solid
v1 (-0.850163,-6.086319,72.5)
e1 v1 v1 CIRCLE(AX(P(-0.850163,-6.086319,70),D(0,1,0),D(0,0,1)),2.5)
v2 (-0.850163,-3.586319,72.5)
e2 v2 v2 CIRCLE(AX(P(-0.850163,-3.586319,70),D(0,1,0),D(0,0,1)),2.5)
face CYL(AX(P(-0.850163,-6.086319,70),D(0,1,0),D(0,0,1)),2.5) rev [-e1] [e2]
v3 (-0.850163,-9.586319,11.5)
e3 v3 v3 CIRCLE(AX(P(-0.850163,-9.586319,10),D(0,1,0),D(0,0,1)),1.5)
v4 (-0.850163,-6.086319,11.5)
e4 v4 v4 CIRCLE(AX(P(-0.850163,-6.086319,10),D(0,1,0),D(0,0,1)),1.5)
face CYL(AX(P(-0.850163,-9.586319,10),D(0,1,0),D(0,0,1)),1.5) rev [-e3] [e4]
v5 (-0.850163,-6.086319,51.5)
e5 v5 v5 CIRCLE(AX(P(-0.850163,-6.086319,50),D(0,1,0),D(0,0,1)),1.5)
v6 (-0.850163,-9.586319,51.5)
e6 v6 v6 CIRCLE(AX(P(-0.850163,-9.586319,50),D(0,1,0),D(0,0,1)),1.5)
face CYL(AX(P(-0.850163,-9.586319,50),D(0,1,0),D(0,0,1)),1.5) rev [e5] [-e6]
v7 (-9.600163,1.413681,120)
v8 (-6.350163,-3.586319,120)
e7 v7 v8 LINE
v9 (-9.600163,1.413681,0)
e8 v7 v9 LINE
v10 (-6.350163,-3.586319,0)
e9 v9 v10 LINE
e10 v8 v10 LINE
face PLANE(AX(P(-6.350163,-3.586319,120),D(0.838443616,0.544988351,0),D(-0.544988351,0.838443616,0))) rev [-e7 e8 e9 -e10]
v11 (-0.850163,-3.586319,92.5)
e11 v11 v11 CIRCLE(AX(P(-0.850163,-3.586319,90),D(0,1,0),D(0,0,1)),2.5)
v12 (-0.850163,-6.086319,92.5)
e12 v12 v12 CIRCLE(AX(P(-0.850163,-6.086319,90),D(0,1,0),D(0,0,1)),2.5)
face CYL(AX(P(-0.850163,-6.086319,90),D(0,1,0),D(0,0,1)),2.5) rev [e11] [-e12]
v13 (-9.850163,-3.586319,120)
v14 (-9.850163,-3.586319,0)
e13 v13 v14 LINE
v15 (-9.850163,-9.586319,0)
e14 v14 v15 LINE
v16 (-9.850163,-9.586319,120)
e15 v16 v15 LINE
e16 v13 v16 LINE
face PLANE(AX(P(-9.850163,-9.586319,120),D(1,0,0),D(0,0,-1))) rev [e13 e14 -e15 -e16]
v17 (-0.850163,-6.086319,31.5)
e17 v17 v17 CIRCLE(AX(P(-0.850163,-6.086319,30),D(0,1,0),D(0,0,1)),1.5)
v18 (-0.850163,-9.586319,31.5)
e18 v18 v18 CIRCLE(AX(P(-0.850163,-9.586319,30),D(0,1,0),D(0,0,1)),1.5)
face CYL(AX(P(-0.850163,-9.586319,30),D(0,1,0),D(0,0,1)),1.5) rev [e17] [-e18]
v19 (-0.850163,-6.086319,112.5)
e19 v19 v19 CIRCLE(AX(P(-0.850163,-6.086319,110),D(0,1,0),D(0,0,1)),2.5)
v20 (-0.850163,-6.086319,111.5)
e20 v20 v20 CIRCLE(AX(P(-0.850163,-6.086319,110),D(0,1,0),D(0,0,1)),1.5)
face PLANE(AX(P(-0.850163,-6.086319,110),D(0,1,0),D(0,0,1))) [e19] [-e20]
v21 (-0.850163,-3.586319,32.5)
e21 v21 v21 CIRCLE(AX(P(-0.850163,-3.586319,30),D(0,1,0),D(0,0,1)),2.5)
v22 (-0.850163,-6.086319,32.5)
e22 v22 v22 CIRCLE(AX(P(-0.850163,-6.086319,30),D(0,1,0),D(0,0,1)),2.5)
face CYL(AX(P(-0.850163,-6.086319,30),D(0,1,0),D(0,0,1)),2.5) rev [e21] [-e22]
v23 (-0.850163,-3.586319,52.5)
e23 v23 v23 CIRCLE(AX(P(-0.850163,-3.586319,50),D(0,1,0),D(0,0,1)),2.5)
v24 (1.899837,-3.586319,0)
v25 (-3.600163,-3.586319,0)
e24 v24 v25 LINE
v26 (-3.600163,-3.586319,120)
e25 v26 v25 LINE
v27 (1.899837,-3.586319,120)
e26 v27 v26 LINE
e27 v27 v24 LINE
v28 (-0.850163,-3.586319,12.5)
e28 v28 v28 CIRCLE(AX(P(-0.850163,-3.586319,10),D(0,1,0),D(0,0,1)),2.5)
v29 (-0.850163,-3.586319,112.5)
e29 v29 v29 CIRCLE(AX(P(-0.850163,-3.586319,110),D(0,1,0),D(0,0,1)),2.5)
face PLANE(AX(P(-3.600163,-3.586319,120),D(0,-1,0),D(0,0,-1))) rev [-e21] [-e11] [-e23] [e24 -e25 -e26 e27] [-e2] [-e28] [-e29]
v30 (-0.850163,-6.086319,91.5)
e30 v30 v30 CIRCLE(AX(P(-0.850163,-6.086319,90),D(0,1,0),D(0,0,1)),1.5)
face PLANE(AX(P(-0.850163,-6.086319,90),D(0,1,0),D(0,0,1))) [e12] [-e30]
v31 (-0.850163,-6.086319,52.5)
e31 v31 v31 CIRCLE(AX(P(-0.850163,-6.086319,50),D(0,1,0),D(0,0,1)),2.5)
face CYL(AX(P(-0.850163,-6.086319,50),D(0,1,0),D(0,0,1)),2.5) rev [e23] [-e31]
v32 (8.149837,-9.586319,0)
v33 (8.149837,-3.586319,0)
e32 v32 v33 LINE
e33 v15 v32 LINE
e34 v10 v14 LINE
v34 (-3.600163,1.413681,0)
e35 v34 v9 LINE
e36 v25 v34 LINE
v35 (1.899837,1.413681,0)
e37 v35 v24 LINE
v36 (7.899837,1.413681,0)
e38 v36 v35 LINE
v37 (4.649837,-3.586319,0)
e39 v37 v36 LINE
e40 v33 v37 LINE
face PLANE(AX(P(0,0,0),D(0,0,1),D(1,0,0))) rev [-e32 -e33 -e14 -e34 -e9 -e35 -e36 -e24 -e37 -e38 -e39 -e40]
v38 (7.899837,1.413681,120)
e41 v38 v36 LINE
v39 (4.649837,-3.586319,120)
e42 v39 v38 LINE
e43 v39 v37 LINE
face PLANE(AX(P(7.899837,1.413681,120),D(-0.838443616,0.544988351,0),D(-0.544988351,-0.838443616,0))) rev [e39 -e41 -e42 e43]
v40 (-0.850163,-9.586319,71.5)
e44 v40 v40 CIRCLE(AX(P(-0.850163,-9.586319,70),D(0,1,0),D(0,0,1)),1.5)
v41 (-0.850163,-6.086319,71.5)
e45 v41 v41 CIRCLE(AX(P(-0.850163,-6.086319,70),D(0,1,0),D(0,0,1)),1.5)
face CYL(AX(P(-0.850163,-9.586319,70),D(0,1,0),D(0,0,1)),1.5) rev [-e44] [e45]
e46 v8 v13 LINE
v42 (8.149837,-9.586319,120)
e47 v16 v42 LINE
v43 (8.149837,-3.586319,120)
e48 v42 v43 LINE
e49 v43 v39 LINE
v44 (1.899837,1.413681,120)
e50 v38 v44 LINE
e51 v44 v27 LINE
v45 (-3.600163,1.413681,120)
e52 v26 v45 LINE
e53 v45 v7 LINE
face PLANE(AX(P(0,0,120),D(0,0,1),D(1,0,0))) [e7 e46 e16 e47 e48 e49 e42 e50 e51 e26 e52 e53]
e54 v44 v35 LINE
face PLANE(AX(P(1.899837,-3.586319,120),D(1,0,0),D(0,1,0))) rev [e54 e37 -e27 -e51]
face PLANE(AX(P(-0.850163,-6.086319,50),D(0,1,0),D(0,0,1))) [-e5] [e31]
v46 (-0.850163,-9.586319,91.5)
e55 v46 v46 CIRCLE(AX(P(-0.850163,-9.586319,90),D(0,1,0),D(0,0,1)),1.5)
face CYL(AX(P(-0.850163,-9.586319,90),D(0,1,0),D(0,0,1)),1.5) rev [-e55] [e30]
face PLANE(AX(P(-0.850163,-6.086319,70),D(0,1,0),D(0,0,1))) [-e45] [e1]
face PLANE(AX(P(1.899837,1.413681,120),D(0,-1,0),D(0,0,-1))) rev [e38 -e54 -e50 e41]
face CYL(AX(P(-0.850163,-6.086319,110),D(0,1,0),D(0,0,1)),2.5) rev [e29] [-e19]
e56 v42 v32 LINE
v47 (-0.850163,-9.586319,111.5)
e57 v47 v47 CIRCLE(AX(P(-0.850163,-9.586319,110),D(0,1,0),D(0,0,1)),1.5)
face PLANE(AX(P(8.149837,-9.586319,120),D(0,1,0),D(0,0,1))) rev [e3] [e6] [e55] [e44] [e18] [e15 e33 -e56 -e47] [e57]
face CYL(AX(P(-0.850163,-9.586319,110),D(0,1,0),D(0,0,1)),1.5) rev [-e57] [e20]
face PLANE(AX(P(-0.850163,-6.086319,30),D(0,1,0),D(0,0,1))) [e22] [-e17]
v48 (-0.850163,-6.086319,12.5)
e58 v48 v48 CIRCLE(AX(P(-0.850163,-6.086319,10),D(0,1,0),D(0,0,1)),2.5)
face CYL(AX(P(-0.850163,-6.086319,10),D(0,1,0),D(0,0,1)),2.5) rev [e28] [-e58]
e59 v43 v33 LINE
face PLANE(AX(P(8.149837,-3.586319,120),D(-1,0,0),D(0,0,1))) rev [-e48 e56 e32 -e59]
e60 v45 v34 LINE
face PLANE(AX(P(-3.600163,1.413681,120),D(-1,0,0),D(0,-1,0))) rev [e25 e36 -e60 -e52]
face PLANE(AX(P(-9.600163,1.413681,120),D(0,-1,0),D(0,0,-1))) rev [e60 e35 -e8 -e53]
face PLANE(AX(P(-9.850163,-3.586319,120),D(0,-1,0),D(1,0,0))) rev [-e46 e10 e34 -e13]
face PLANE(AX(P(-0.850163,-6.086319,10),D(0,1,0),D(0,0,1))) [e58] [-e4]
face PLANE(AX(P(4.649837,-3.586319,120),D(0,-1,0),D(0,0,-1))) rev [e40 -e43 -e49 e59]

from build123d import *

# Parameters (mm, degrees)
BOSS_EXTRUDE1_DEPTH = 120
SKETCH2_R           = 2.5
CUT_EXTRUDE1_DEPTH  = 2.5
SKETCH3_R           = 1.5
CUT_EXTRUDE2_DEPTH  = 4.5


with BuildPart() as part:
    # Sketch1 → Boss-Extrude1 (new body)
    with BuildSketch(Plane.XY):
        Polygon((-9.600162866, 1.413680782), (-3.600162866, 1.413680782), (-3.600162866, -3.586319218), (1.899837134, -3.586319218), (1.899837134, 1.413680782), (7.899837134, 1.413680782), (4.649837134, -3.586319218), (8.149837134, -3.586319218), (8.149837134, -9.586319218), (-9.850162866, -9.586319218), (-9.850162866, -3.586319218), (-6.350162866, -3.586319218), align=None)
    extrude(amount=BOSS_EXTRUDE1_DEPTH)

    # Sketch2 → Cut-Extrude1 (cut)
    with BuildSketch(Plane(origin=(0, -3.586319218, 0), x_dir=(1, 0, 0), z_dir=(0, 1, 0))):
        with Locations((-0.850162866, -10)):
            Circle(SKETCH2_R)
        with Locations((-0.850162866, -30)):
            Circle(SKETCH2_R)
        with Locations((-0.850162866, -50)):
            Circle(SKETCH2_R)
        with Locations((-0.850162866, -70)):
            Circle(SKETCH2_R)
        with Locations((-0.850162866, -90)):
            Circle(SKETCH2_R)
        with Locations((-0.850162866, -110)):
            Circle(SKETCH2_R)
    extrude(amount=-CUT_EXTRUDE1_DEPTH, mode=Mode.SUBTRACT)

    # Sketch3 → Cut-Extrude2 (cut, through all)
    with BuildSketch(Plane(origin=(0, -6.086319218, 0), x_dir=(1, 0, 0), z_dir=(0, 1, 0))):
        with Locations((-0.850162866, -10)):
            Circle(SKETCH3_R)
        with Locations((-0.850162866, -30)):
            Circle(SKETCH3_R)
        with Locations((-0.850162866, -50)):
            Circle(SKETCH3_R)
        with Locations((-0.850162866, -70)):
            Circle(SKETCH3_R)
        with Locations((-0.850162866, -90)):
            Circle(SKETCH3_R)
        with Locations((-0.850162866, -110)):
            Circle(SKETCH3_R)
    extrude(amount=-CUT_EXTRUDE2_DEPTH, mode=Mode.SUBTRACT)


solid = part.part
